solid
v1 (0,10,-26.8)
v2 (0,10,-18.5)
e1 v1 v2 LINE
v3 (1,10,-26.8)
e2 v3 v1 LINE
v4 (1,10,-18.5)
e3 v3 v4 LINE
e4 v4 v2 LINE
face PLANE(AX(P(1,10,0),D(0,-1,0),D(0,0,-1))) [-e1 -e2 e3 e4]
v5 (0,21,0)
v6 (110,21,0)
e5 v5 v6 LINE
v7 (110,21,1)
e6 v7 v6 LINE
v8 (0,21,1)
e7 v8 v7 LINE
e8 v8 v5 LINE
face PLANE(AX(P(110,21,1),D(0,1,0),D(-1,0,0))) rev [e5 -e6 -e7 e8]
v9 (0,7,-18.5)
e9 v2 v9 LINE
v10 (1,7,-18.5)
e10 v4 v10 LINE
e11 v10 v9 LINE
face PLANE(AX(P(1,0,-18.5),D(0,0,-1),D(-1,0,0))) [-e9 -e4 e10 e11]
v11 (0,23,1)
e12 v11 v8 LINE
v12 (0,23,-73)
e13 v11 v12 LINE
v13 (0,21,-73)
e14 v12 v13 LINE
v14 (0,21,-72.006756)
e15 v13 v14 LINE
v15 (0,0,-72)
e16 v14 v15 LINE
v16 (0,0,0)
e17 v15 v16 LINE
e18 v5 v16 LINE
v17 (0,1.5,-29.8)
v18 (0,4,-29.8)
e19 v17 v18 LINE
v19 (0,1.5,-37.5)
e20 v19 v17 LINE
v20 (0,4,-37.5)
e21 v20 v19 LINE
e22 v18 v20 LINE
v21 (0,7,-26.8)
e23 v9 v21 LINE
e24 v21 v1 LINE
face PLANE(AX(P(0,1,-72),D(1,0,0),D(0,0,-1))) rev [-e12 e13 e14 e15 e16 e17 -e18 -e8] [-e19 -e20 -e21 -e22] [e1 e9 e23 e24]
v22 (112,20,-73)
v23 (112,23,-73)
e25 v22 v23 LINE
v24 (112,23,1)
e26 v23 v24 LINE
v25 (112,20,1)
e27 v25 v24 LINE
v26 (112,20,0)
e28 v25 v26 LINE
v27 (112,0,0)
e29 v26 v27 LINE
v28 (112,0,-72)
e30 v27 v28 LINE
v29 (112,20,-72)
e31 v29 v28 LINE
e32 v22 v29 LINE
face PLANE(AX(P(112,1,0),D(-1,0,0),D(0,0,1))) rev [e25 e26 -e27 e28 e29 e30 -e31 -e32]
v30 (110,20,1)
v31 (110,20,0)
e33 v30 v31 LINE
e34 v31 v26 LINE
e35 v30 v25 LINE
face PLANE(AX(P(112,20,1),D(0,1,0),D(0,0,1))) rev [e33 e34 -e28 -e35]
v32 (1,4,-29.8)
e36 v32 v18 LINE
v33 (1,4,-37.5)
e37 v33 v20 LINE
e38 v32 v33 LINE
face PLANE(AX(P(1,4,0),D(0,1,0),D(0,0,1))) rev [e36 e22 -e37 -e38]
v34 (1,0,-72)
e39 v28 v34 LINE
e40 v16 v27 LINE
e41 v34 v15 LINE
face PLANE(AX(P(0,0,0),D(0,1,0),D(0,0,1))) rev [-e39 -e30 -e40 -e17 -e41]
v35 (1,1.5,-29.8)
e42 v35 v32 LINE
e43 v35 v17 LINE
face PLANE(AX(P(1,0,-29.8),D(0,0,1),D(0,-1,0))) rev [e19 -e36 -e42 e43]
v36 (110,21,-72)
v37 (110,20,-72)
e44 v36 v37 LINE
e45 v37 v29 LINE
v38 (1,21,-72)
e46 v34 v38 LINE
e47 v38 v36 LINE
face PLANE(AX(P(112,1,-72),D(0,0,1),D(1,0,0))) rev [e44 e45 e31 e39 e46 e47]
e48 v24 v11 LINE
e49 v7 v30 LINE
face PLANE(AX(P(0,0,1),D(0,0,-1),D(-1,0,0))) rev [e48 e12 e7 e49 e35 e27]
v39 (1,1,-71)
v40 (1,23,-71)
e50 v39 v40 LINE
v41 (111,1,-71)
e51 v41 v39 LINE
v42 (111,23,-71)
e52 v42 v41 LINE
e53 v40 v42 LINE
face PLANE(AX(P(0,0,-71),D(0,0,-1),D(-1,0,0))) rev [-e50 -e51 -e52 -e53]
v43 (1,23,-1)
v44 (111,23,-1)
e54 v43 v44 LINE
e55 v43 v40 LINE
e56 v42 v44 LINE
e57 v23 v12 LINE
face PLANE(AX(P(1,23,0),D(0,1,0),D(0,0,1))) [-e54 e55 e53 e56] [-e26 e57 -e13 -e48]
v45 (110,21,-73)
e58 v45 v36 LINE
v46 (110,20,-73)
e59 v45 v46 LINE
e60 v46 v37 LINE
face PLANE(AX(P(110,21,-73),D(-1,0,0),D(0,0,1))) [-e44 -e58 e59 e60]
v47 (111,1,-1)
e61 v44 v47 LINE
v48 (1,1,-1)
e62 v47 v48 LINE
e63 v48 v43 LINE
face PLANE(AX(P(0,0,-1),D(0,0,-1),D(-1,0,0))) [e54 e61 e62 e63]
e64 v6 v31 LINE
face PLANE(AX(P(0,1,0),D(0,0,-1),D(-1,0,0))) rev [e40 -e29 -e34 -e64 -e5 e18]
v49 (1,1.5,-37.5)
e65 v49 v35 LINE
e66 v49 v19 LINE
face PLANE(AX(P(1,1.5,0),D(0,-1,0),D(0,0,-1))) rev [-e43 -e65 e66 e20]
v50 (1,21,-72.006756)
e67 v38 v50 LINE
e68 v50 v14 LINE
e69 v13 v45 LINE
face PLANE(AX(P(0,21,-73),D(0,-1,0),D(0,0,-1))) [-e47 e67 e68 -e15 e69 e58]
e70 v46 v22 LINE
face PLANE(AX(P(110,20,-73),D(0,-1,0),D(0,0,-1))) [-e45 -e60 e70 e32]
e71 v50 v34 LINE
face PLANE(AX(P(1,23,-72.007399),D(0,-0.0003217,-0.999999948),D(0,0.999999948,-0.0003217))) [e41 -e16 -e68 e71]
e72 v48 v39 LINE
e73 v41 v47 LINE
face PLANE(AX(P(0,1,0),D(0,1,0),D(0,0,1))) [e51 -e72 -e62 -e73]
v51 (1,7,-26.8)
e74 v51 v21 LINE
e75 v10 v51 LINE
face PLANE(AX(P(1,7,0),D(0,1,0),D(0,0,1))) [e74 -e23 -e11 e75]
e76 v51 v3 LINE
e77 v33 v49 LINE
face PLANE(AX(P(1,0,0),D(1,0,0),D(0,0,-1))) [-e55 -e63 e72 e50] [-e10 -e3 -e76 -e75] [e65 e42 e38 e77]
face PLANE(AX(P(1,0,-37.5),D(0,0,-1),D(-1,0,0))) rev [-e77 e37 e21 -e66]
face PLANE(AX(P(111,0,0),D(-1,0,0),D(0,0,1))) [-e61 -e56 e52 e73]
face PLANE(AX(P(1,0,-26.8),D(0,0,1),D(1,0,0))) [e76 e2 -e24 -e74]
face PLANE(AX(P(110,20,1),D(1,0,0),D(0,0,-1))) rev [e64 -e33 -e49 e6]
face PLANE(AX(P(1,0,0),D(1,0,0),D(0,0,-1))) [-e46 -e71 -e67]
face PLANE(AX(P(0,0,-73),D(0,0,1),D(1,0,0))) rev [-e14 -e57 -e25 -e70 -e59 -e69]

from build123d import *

# Parameters (mm, degrees)
CROQUIS1_W              = 112
CROQUIS1_H              = 72
SALIENTE_EXTRUIR1_DEPTH = 1
SALIENTE_EXTRUIR2_DEPTH = 1
CROQUIS3_W              = 72
CROQUIS3_H              = 23
SALIENTE_EXTRUIR3_DEPTH = 1
CROQUIS4_W              = 112
CROQUIS4_H              = 23
SALIENTE_EXTRUIR4_DEPTH = 1
CROQUIS5_W              = 112
CROQUIS5_H              = 23
SALIENTE_EXTRUIR5_DEPTH = 1
CROQUIS6_W              = 7.7
CROQUIS6_H              = 2.5
CROQUIS6_W_2            = 8.3
CROQUIS6_H_2            = 3
CORTAR_EXTRUIR1_DEPTH   = 1
SALIENTE_EXTRUIR6_DEPTH = 1
SALIENTE_EXTRUIR7_DEPTH = 1


with BuildPart() as part:
    # Croquis1 → Saliente-Extruir1 (new body)
    with BuildSketch(Plane(origin=(0, 0, 0), x_dir=(1, 0, 0), z_dir=(0, 1, 0))):
        with Locations((56, 36)):
            Rectangle(CROQUIS1_W, CROQUIS1_H)
    extrude(amount=SALIENTE_EXTRUIR1_DEPTH)

    # Croquis2 → Saliente-Extruir2 (add)
    with BuildSketch(Plane.ZY):
        Polygon((0, 0), (0, 23), (-72.007399111, 23), (-72, 0), align=None)
    extrude(amount=-SALIENTE_EXTRUIR2_DEPTH)

    # Croquis3 → Saliente-Extruir3 (add)
    with BuildSketch(Plane(origin=(112, 0, 0), x_dir=(0, 0, -1), z_dir=(1, 0, 0))):
        with Locations((36, 11.5)):
            Rectangle(CROQUIS3_W, CROQUIS3_H)
    extrude(amount=-SALIENTE_EXTRUIR3_DEPTH)

    # Croquis4 → Saliente-Extruir4 (add)
    with BuildSketch(Plane.XY):
        with Locations((56, 11.5)):
            Rectangle(CROQUIS4_W, CROQUIS4_H)
    extrude(amount=-SALIENTE_EXTRUIR4_DEPTH)

    # Croquis5 → Saliente-Extruir5 (add)
    with BuildSketch(Plane(origin=(0, 0, -72), x_dir=(-1, 0, 0), z_dir=(0, 0, -1))):
        with Locations((-56, 11.5)):
            Rectangle(CROQUIS5_W, CROQUIS5_H)
    extrude(amount=-SALIENTE_EXTRUIR5_DEPTH)

    # Croquis6 → Cortar-Extruir1 (cut)
    with BuildSketch(Plane.ZY):
        with Locations((-33.65, 2.75)):
            Rectangle(CROQUIS6_W, CROQUIS6_H)
        with Locations((-22.65, 8.5)):
            Rectangle(CROQUIS6_W_2, CROQUIS6_H_2)
    extrude(amount=-CORTAR_EXTRUIR1_DEPTH, mode=Mode.SUBTRACT)

    # Croquis7 → Saliente-Extruir6 (add)
    with BuildSketch(Plane(origin=(0, 0, -72), x_dir=(-1, 0, 0), z_dir=(0, 0, -1))):
        Polygon((-112, 23), (0, 23), (0, 21), (-110, 21), (-110, 20), (-112, 20), align=None)
    extrude(amount=SALIENTE_EXTRUIR6_DEPTH)

    # Croquis8 → Saliente-Extruir7 (add)
    with BuildSketch(Plane.XY):
        Polygon((112, 23), (112, 20), (110, 20), (110, 21), (0, 21), (0, 23), align=None)
    extrude(amount=SALIENTE_EXTRUIR7_DEPTH)


solid = part.part
